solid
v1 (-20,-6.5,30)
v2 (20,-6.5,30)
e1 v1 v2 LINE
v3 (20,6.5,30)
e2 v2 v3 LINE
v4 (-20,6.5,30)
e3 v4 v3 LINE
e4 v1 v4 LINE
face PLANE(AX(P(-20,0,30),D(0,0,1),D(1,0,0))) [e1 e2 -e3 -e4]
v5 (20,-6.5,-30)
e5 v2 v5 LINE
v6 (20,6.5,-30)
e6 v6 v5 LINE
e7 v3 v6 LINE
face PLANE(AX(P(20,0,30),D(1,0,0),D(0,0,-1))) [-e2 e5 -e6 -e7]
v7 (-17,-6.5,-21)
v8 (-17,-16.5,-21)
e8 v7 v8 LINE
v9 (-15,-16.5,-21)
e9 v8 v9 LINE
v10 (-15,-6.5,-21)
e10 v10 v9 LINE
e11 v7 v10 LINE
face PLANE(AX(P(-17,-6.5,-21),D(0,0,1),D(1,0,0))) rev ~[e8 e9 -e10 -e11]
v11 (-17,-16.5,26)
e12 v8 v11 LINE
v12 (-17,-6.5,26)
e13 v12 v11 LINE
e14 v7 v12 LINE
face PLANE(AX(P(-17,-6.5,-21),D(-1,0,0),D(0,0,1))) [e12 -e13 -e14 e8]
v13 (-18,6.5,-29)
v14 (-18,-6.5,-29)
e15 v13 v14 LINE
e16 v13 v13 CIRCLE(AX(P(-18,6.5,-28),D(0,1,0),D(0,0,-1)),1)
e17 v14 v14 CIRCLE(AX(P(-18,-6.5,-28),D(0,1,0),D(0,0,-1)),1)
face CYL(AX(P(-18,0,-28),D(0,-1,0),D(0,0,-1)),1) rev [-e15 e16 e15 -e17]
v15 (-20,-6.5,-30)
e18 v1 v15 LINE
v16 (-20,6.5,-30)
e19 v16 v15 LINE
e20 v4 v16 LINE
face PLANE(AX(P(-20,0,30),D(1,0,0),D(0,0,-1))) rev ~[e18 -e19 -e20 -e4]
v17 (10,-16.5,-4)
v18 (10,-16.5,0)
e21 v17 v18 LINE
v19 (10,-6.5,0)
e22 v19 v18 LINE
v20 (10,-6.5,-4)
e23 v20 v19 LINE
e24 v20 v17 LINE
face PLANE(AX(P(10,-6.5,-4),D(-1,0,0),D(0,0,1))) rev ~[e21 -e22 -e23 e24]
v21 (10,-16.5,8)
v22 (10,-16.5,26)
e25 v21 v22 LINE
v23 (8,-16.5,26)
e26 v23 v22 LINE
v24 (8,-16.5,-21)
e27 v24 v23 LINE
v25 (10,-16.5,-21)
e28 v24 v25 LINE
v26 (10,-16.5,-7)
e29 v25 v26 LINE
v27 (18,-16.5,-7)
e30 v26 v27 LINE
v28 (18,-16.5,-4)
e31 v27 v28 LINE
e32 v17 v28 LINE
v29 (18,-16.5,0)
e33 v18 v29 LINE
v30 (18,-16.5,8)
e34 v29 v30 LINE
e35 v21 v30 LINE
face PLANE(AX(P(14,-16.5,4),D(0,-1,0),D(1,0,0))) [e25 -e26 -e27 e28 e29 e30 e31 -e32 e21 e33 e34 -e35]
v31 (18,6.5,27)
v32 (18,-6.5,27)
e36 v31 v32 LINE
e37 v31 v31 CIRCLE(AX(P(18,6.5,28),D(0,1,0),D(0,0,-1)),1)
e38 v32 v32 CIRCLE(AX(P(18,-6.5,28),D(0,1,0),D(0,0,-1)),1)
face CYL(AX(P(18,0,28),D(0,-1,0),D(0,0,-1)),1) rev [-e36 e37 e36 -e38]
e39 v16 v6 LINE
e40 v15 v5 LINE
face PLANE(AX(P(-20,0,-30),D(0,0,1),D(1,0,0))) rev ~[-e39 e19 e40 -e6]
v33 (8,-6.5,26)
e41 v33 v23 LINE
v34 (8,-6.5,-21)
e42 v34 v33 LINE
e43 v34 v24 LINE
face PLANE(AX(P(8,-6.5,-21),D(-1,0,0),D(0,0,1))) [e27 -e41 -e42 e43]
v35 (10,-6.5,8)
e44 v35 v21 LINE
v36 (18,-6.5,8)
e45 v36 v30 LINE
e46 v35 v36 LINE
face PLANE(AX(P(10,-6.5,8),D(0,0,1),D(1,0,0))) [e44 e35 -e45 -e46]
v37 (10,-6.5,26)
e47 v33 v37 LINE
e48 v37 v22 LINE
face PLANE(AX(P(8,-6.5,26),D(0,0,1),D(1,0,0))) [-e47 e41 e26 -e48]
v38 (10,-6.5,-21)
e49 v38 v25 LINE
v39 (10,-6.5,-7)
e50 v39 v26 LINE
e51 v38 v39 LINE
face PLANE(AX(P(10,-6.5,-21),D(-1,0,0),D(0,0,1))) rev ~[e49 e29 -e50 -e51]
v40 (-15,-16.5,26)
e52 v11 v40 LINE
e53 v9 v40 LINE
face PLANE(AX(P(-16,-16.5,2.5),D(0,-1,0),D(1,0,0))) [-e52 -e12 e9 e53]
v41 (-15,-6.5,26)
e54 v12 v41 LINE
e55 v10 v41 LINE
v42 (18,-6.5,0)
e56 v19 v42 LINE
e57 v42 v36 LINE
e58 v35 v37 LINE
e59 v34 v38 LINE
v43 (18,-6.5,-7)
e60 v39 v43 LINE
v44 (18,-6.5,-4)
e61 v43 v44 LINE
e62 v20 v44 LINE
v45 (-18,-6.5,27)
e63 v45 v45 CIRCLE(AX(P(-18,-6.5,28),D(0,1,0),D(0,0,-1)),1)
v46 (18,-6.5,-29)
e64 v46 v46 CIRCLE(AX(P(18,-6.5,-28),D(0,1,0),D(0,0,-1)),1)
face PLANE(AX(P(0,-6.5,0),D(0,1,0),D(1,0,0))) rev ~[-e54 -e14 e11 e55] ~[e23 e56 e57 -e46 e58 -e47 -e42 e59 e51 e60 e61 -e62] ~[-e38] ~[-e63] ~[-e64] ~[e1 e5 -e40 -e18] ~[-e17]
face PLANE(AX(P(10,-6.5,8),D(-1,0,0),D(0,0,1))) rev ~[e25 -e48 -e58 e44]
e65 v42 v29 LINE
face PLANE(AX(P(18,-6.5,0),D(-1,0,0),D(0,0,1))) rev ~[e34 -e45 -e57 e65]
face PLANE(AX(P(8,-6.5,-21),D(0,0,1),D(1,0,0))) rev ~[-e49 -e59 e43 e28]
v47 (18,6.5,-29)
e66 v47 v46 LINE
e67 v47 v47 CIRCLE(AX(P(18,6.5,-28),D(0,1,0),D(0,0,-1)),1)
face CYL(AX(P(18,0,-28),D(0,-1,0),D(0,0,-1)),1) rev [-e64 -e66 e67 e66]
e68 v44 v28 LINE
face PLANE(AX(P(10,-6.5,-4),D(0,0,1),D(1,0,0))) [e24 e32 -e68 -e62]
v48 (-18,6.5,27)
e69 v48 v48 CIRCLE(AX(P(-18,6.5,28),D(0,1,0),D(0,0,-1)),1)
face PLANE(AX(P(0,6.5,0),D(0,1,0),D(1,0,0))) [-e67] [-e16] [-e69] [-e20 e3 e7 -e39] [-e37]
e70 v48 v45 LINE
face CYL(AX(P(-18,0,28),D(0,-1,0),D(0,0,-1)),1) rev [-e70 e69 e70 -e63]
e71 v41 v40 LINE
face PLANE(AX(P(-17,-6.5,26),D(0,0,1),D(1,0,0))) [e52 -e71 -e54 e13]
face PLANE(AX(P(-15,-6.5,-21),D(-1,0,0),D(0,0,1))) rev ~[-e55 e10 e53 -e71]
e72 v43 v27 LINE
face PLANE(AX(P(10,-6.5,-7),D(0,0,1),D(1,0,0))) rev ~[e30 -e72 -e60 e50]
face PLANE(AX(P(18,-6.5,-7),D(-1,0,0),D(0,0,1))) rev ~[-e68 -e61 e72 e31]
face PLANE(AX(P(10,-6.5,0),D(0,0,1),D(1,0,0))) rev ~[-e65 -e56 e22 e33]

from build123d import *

# Parameters (mm, degrees)
ESQUISSE1_W        = 40
ESQUISSE1_H        = 60
ESQUISSE1_R        = 1
BOSS_EXTRU_1_DEPTH = 6.5
ESQUISSE3_W        = 8
ESQUISSE3_H        = 8
ESQUISSE3_H_2      = 3
ESQUISSE3_W_2      = 2
ESQUISSE3_H_3      = 47
BOSS_EXTRU_2_DEPTH = 10


with BuildPart() as part:
    # Esquisse1 → Boss.-Extru.1 (new, symmetric)
    with BuildSketch(Plane(origin=(0, 0, 0), x_dir=(1, 0, 0), z_dir=(0, 1, 0))):
        Rectangle(ESQUISSE1_W, ESQUISSE1_H)
        with Locations(Location((-18, 28, 0), (0, 0, 90))):
            Circle(ESQUISSE1_R, mode=Mode.SUBTRACT)
        with Locations(Location((18, 28, 0), (0, 0, 90))):
            Circle(ESQUISSE1_R, mode=Mode.SUBTRACT)
        with Locations(Location((18, -28, 0), (0, 0, 90))):
            Circle(ESQUISSE1_R, mode=Mode.SUBTRACT)
        with Locations(Location((-18, -28, 0), (0, 0, 90))):
            Circle(ESQUISSE1_R, mode=Mode.SUBTRACT)
    extrude(amount=BOSS_EXTRU_1_DEPTH, both=True)

    # Esquisse3 → Boss.-Extru.2 (add)
    with BuildSketch(Plane.XZ.offset(6.5)):
        with Locations((14, 4)):
            Rectangle(ESQUISSE3_W, ESQUISSE3_H)
        with Locations((14, -5.5)):
            Rectangle(ESQUISSE3_W, ESQUISSE3_H_2)
        with Locations((9, 2.5)):
            Rectangle(ESQUISSE3_W_2, ESQUISSE3_H_3)
        with Locations((-16, 2.5)):
            Rectangle(ESQUISSE3_W_2, ESQUISSE3_H_3)
    extrude(amount=BOSS_EXTRU_2_DEPTH)


solid = part.part
